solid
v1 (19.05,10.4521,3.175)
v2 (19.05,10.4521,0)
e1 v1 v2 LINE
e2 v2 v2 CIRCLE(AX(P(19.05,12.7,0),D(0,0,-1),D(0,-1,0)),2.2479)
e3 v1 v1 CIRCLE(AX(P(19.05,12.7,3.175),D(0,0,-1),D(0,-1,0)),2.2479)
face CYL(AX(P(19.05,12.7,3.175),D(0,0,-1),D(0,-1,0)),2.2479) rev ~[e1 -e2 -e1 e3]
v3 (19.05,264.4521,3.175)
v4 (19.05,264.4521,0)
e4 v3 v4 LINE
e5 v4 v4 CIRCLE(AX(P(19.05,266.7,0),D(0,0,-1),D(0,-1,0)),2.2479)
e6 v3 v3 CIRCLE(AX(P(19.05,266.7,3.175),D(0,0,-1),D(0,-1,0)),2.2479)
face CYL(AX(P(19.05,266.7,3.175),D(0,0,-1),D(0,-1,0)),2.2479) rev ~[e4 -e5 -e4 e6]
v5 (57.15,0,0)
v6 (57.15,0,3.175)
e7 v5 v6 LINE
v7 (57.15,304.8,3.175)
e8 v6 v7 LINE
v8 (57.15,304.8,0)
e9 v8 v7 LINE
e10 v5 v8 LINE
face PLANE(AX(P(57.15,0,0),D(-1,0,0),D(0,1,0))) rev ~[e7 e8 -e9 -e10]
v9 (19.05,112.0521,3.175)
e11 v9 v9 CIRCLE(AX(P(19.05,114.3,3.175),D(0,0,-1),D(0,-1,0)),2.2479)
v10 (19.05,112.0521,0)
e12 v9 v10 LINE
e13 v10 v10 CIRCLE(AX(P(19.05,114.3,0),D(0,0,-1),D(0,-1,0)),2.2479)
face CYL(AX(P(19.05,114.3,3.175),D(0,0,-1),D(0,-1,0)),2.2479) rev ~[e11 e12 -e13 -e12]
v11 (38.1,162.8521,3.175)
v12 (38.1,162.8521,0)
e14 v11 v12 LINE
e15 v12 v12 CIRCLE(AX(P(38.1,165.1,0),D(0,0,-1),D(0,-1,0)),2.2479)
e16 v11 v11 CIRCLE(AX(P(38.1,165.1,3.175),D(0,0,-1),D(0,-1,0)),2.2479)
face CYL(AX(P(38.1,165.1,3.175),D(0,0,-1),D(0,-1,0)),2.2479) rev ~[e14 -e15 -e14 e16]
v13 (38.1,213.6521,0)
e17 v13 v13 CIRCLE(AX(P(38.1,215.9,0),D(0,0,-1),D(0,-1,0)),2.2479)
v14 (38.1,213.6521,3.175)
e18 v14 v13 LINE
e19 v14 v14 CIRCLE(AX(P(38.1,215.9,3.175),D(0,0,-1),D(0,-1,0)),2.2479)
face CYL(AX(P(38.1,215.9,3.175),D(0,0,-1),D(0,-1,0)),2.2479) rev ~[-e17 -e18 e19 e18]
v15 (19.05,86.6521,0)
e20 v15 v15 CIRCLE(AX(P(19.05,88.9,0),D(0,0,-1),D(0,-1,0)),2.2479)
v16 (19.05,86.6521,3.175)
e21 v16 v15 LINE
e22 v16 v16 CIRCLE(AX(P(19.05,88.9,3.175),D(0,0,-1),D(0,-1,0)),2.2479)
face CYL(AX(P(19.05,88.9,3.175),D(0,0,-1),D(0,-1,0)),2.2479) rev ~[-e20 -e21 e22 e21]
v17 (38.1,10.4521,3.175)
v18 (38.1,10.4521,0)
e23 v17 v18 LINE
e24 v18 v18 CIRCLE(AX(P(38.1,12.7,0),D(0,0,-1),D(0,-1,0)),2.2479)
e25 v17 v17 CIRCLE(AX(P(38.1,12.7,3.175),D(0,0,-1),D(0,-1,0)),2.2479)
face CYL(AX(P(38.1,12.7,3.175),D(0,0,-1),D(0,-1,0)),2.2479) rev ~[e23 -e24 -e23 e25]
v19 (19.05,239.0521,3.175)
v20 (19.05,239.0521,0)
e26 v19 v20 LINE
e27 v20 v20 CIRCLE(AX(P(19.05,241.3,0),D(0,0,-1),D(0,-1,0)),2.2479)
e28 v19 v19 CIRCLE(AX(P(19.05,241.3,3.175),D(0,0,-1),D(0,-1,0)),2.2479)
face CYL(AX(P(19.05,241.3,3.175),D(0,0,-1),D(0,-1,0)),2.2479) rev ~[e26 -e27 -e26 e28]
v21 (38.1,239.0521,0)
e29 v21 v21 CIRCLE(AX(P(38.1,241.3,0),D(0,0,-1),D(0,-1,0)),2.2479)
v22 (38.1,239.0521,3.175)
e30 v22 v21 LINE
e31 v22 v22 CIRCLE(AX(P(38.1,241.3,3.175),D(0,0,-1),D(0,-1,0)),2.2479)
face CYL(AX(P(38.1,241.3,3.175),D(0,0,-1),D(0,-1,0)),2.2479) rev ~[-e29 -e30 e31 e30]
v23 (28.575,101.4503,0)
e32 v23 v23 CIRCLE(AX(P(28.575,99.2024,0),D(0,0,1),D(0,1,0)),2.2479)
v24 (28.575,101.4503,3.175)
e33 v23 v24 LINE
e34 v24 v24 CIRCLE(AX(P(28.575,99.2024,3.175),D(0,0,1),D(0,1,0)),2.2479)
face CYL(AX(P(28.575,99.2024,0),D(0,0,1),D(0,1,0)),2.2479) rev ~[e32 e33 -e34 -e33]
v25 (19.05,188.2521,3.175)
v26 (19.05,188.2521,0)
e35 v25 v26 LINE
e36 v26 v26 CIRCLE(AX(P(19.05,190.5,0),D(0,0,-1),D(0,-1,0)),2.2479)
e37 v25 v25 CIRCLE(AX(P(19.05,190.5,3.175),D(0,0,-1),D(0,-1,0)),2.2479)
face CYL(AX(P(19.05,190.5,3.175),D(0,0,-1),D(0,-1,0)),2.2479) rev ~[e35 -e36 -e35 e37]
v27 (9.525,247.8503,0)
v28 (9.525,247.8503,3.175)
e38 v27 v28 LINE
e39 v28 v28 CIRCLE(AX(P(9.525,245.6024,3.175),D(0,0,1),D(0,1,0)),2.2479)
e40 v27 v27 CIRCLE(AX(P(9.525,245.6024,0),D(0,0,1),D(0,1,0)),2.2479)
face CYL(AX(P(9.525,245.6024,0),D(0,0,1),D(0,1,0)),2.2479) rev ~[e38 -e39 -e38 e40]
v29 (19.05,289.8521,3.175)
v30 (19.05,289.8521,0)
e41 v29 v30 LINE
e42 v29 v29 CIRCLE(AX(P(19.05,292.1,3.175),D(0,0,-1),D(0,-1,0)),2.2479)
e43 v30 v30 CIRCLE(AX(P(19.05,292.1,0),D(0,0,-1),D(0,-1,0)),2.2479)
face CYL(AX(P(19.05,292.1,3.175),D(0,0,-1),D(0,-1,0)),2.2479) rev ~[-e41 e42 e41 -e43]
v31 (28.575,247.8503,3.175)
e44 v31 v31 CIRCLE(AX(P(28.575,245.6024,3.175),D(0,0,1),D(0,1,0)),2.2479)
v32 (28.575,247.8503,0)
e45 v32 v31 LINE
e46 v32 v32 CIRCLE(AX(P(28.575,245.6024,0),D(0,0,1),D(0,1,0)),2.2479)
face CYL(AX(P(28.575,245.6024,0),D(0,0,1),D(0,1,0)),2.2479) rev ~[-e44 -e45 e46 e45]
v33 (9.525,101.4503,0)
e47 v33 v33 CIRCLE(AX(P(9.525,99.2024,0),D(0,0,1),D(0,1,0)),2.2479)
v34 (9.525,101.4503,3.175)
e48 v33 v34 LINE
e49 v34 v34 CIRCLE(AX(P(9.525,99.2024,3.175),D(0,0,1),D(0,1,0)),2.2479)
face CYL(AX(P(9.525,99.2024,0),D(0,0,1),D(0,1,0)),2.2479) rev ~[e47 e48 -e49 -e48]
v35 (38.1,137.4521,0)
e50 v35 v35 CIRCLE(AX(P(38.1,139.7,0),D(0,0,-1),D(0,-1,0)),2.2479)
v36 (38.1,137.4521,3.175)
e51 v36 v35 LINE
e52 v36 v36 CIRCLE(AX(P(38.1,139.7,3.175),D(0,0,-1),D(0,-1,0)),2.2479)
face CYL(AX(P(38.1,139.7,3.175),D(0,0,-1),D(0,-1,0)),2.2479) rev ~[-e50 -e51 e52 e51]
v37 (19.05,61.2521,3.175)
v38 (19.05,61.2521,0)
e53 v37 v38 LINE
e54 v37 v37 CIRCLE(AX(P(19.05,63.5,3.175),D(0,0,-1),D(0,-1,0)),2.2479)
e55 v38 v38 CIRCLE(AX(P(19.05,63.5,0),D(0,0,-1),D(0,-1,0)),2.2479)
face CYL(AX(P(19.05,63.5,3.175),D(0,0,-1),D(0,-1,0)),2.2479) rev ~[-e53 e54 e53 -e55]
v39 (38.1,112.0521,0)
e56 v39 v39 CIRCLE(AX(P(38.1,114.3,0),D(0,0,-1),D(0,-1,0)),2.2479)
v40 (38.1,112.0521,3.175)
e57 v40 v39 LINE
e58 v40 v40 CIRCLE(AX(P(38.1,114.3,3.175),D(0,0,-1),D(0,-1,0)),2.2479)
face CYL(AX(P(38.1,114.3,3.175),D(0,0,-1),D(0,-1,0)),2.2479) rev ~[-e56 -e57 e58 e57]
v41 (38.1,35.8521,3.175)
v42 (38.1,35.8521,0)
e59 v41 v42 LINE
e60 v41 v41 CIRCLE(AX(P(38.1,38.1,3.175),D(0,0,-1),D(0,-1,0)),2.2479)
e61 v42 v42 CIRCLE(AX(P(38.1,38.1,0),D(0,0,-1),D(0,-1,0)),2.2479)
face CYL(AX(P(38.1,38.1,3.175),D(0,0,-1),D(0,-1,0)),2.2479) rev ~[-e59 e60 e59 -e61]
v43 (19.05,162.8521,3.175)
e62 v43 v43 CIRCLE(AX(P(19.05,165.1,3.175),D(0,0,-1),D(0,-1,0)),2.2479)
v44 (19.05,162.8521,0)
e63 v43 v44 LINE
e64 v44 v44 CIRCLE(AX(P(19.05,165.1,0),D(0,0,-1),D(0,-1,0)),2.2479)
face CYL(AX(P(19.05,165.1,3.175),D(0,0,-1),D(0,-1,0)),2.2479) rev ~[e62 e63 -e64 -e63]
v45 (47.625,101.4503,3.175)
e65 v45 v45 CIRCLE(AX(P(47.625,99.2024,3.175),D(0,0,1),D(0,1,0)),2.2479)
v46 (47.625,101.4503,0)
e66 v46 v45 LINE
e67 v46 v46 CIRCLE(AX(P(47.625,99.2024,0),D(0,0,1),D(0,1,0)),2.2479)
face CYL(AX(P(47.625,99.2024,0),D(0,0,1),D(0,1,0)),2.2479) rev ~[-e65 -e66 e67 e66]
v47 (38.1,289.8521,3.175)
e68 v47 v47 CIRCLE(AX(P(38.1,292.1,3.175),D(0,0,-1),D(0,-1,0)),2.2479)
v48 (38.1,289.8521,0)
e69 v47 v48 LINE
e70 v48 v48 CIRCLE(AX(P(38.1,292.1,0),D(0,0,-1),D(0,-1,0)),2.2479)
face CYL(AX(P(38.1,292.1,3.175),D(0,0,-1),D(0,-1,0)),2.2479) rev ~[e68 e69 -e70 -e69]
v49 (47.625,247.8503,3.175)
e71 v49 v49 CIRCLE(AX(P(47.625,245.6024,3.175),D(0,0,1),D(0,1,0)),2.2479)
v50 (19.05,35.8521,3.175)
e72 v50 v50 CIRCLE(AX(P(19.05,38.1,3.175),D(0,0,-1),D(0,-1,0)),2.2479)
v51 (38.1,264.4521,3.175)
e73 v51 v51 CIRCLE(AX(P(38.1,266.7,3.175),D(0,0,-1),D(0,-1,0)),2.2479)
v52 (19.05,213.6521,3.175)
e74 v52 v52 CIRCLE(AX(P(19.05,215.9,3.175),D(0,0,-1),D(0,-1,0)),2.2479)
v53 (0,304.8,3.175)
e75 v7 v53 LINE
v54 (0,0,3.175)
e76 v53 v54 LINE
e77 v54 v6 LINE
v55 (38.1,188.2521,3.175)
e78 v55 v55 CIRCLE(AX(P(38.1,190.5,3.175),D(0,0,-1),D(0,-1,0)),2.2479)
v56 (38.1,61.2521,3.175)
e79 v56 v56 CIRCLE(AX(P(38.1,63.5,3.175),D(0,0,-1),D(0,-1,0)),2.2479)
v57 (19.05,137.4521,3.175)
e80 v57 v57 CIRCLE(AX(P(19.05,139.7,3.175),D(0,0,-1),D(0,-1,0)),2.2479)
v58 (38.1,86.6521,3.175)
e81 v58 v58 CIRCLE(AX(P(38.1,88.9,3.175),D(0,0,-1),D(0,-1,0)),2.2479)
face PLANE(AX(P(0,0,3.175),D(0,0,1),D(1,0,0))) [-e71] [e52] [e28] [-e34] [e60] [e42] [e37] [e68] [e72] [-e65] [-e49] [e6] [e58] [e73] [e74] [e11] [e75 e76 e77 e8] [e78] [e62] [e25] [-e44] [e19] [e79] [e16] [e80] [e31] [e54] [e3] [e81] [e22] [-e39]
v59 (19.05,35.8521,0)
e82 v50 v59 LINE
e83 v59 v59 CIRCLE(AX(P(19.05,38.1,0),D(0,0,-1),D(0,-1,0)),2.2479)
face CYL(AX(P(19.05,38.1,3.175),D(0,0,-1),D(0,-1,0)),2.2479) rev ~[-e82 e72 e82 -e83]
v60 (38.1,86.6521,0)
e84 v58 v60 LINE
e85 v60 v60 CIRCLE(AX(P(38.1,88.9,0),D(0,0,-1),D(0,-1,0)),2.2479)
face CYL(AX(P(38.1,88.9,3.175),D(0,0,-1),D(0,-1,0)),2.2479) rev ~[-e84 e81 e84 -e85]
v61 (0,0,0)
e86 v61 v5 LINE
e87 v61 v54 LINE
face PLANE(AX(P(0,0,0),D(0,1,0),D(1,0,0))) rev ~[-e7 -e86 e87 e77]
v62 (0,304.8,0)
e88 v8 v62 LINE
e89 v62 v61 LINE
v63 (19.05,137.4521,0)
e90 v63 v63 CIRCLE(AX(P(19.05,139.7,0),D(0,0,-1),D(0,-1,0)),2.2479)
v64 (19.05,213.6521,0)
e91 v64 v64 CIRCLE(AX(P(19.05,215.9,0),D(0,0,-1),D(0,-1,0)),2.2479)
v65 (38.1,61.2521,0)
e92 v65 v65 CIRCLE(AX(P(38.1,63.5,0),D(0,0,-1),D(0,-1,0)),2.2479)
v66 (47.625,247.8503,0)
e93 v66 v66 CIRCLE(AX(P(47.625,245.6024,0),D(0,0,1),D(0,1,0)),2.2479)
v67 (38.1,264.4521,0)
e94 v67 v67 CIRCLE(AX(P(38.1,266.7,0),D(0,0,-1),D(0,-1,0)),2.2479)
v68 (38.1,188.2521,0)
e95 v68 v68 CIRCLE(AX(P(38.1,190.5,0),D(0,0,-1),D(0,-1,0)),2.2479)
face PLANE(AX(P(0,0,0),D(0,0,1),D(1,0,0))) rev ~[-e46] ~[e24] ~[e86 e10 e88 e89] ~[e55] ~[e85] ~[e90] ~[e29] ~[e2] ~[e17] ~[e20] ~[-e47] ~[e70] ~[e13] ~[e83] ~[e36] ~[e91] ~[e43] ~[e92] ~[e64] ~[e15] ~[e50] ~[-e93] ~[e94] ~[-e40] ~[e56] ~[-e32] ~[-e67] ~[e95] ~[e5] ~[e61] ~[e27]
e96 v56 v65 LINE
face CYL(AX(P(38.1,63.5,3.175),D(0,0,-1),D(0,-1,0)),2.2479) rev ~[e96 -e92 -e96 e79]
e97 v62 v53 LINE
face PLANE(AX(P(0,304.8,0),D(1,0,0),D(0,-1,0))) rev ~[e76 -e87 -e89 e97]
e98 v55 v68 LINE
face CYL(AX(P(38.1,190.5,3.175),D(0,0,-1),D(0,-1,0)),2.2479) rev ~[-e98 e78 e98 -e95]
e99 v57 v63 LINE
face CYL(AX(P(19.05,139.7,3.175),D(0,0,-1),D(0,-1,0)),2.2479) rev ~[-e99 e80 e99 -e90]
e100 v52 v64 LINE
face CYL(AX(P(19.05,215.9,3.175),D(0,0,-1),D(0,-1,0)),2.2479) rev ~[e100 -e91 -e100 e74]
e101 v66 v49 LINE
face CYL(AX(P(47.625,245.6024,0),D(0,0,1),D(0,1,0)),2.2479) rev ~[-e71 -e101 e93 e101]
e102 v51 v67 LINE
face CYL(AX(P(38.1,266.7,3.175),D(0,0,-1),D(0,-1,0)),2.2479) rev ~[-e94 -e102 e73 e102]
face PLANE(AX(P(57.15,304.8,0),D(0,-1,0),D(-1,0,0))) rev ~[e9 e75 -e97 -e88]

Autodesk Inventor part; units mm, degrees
ref_plane "YZ Plane" through (0, 0, 0) normal (1, 0, 0) x (0, 1, 0)
ref_plane "XZ Plane" through (0, 0, 0) normal (0, 1, 0) x (-1, 0, 0)
ref_plane "XY Plane" through (0, 0, 0) normal (0, 0, 1) x (1, 0, 0)
sketch "Sketch1" plane through (0, 0, 0) normal (0, 0, 1) x (1, 0, 0)
  line L0 (0, 0) -> (57.15, 0)
  line L1 (57.15, 0) -> (57.15, 304.8)
  line L2 (57.15, 304.8) -> (0, 304.8)
  line L3 (0, 304.8) -> (0, 0)
  dimension "d0" = 304.8
  dimension "d1" = 57.15
extrude "Extrusion1" add sketch "Sketch1" along normal blind 3.175
sketch "Sketch2" plane through (0, 0, 0) normal (0, 0, -1) x (-1, 0, 0)
  circle A0 centre (-9.525, 245.6024) radius 2.2479 projected
  circle A1 centre (-28.575, 245.6024) radius 2.2479 projected
  circle A2 centre (-47.625, 245.6024) radius 2.2479 projected
  circle A3 centre (-9.525, 99.2024) radius 2.2479 projected
  circle A4 centre (-28.575, 99.2024) radius 2.2479 projected
  circle A5 centre (-47.625, 99.2024) radius 2.2479 projected
  point P0 (0, 0)
sketch "Sketch3" plane through (0, 0, 0) normal (0, 0, -1) x (-1, 0, 0)
  point P0 (0, 0)
  point P1 (-47.625, 99.2024)
  point P2 (-28.575, 99.2024)
  point P3 (-9.525, 99.2024)
  point P4 (-47.625, 245.6024)
  point P5 (-28.575, 245.6024)
  point P6 (-9.525, 245.6024)
hole "Hole1" at (47.625, 99.2024, 0) at (28.575, 99.2024, 0) at (9.525, 99.2024, 0) at (47.625, 245.6024, 0) at (28.575, 245.6024, 0) at (9.525, 245.6024, 0) direction (0, 0, 1) diameter 4.4958 depth 25.4 tip angle 118 clearance for "Flat Head Machine Screw (82)" size "#8" standard "Ansi Unified Screw Threads"
sketch "Sketch4" plane through (0, 0, 3.175) normal (0, 0, 1) x (1, 0, 0)
  circle A0 centre (47.625, 99.2024) radius 2.2479 projected
  circle A1 centre (28.575, 99.2024) radius 2.2479 projected
  circle A2 centre (9.525, 99.2024) radius 2.2479 projected
  line L0 (0, 0) -> (57.15, 0) projected
  line L1 (0, 304.8) -> (0, 0) projected
  point P0 (19.05, 12.7)
  point P1 (38.1, 12.7)
  point P2 (19.05, 38.1)
  point P3 (38.1, 38.1)
  point P4 (19.05, 63.5)
  point P5 (38.1, 63.5)
  point P6 (19.05, 88.9)
  point P7 (38.1, 88.9)
  point P8 (19.05, 114.3)
  point P9 (38.1, 114.3)
  point P10 (19.05, 139.7)
  point P11 (38.1, 139.7)
  point P12 (19.05, 165.1)
  point P13 (38.1, 165.1)
  point P14 (19.05, 190.5)
  point P15 (38.1, 190.5)
  point P16 (19.05, 215.9)
  point P17 (38.1, 215.9)
  point P18 (19.05, 241.3)
  point P19 (38.1, 241.3)
  point P20 (19.05, 266.7)
  point P21 (38.1, 266.7)
  point P22 (19.05, 292.1)
  point P23 (38.1, 292.1)
  dimension "d11" = 9.525
  dimension "d12" = 9.525
  dimension "d13" = 9.525
  dimension "d14" = 9.525
  dimension "d15" = 12.7
  dimension "d16" = 12.7
  dimension "d19" = 25.4
hole "Hole2" at (19.05, 12.7, 3.175) at (38.1, 12.7, 3.175) at (19.05, 38.1, 3.175) at (38.1, 38.1, 3.175) at (19.05, 63.5, 3.175) at (38.1, 63.5, 3.175) at (19.05, 88.9, 3.175) at (38.1, 88.9, 3.175) at (19.05, 114.3, 3.175) at (38.1, 114.3, 3.175) at (19.05, 139.7, 3.175) at (38.1, 139.7, 3.175) at (19.05, 165.1, 3.175) at (38.1, 165.1, 3.175) at (19.05, 190.5, 3.175) at (38.1, 190.5, 3.175) at (19.05, 215.9, 3.175) at (38.1, 215.9, 3.175) at (19.05, 241.3, 3.175) at (38.1, 241.3, 3.175) at (19.05, 266.7, 3.175) at (38.1, 266.7, 3.175) at (19.05, 292.1, 3.175) at (38.1, 292.1, 3.175) direction (0, 0, -1) diameter 4.4958 depth 25.4 tip angle 118 clearance for "Flat Head Machine Screw (82)" size "#8" standard "Ansi Unified Screw Threads"
equation "\"d11\" = d12"
equation "\"d13\" = d14"
equation "\"d16\" = d15"
properties part number "grippy"
